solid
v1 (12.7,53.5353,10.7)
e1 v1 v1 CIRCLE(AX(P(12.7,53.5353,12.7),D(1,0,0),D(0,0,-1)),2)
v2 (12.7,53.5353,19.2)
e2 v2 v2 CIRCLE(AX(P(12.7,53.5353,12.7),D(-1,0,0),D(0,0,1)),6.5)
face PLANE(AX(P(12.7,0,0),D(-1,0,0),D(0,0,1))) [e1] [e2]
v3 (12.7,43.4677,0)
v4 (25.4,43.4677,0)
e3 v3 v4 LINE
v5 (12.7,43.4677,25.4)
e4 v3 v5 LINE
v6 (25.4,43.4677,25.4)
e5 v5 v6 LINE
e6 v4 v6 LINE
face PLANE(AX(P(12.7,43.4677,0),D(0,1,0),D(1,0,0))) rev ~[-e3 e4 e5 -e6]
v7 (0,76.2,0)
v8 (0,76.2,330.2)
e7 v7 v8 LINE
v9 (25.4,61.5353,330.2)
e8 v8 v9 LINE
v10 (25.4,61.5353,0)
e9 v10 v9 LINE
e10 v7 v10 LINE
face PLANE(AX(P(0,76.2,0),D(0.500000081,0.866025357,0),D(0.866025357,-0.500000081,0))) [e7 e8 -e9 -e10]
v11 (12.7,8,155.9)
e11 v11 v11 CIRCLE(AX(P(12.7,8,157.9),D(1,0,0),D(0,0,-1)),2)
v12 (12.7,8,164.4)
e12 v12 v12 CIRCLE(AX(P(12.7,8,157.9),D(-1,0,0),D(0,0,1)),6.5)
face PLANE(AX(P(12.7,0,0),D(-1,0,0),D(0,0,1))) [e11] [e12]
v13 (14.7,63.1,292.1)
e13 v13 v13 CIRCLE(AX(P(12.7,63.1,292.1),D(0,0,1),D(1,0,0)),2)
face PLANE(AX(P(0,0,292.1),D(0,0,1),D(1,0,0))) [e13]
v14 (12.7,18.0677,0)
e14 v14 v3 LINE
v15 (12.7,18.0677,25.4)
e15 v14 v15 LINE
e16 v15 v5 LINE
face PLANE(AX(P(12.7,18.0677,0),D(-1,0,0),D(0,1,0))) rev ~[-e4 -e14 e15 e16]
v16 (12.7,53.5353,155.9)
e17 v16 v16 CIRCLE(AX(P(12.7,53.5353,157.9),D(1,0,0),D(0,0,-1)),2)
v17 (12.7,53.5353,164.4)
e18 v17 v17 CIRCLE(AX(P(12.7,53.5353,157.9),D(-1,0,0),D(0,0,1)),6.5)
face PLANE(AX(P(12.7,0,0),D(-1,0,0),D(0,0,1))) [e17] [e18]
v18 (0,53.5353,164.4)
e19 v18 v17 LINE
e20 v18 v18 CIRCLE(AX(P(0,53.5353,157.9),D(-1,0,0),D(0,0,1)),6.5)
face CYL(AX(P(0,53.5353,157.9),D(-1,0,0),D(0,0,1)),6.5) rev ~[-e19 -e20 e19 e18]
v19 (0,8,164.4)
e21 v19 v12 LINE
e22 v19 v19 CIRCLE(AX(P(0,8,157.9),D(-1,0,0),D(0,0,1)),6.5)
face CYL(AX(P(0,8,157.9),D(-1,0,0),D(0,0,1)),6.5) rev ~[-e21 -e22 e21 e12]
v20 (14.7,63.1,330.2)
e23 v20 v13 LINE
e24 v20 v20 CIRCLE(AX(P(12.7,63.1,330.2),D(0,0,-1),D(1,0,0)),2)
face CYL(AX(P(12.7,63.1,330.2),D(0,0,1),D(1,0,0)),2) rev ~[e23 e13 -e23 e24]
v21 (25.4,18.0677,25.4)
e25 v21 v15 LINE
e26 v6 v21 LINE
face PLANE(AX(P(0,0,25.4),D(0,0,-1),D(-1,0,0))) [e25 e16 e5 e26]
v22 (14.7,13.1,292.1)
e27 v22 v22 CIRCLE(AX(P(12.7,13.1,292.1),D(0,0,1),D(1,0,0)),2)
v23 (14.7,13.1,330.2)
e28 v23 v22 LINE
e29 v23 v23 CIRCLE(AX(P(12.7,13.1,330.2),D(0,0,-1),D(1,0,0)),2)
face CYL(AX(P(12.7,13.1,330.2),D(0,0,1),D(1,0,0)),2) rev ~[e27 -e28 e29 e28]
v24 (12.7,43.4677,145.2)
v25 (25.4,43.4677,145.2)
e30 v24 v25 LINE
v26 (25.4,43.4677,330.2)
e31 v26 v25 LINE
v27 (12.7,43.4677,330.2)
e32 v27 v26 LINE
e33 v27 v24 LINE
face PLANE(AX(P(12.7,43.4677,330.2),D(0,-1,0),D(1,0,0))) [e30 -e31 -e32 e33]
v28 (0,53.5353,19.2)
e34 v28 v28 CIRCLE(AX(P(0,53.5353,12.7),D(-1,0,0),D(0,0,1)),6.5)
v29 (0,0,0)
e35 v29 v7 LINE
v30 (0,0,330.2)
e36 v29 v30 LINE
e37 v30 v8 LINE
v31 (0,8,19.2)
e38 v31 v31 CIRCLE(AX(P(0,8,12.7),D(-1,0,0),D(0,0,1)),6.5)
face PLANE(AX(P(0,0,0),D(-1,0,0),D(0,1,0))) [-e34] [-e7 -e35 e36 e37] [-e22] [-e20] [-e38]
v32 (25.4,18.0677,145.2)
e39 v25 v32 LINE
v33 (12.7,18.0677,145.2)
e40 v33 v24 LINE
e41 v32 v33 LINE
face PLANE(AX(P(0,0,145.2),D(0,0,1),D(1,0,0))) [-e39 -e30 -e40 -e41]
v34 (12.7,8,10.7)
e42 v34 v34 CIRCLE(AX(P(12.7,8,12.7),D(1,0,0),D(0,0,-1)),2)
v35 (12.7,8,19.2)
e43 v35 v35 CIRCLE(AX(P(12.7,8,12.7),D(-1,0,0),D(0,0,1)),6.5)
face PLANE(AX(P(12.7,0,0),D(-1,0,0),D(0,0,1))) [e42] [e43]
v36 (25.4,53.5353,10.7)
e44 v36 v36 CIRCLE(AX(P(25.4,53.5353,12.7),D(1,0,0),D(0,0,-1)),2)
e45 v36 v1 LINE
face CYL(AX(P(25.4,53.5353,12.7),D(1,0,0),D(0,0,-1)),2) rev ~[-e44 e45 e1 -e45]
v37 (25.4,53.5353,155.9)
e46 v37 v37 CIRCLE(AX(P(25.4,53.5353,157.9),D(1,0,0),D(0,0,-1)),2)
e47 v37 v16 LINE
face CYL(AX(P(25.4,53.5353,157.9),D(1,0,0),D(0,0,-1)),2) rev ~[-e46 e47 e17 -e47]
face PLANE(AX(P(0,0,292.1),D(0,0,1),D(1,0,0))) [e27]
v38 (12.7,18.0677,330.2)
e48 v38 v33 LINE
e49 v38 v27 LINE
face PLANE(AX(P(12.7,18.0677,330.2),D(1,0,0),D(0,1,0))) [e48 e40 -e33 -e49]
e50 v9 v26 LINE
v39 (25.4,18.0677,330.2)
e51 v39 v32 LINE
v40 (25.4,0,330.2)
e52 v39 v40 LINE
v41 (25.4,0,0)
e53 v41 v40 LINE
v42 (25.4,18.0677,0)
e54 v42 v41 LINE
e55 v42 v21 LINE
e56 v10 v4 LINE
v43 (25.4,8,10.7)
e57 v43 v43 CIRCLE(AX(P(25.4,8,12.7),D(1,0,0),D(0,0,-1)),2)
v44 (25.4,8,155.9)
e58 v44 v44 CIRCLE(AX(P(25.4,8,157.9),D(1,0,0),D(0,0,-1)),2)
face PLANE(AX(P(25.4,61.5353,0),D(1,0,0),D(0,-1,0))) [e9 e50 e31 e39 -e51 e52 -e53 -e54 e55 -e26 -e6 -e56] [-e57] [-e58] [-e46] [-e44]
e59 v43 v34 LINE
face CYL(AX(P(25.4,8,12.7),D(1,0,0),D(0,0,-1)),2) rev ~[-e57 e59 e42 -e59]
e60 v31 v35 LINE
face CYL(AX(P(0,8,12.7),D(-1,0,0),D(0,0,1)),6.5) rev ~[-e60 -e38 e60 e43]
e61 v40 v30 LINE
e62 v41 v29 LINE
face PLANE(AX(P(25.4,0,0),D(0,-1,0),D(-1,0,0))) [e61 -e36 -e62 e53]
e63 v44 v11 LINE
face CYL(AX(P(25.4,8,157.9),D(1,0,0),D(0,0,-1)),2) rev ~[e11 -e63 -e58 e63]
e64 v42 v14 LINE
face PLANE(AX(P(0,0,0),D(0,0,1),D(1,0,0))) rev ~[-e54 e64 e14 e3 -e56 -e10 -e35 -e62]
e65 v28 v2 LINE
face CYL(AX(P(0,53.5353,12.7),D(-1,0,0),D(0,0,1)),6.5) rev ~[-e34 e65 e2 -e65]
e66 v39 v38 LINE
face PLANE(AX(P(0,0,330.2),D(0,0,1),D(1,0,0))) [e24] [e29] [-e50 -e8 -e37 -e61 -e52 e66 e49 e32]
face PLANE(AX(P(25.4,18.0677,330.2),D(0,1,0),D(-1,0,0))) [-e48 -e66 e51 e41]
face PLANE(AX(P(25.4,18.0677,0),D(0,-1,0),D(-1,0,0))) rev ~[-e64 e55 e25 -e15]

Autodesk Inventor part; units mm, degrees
ref_plane "YZ Plane" through (0, 0, 0) normal (1, 0, 0) x (0, 1, 0)
ref_plane "XZ Plane" through (0, 0, 0) normal (0, 1, 0) x (-1, 0, 0)
ref_plane "XY Plane" through (0, 0, 0) normal (0, 0, 1) x (1, 0, 0)
sketch "Sketch1" plane through (0, 0, 0) normal (0, 0, 1) x (1, 0, 0)
  line L0 (0, 0) -> (0, 76.2)
  line L1 (0, 76.2) -> (25.4, 61.5353)
  line L2 (25.4, 61.5353) -> (25.4, 0)
  line L3 (25.4, 0) -> (0, 0)
  dimension "d0" = 25.4
  dimension "d1" = 76.2
  dimension "d2" = 60
extrude "Extrusion1" add sketch "Sketch1" along normal blind 330.2
sketch "Sketch3" plane through (0, 0, 330.2) normal (0, 0, 1) x (1, 0, 0)
  line L0 (12.7, 43.4677) -> (25.4, 43.4677)
  line L1 (25.4, 43.4677) -> (25.4, 18.0677)
  line L2 (25.4, 18.0677) -> (12.7, 18.0677)
  line L3 (12.7, 18.0677) -> (12.7, 43.4677)
  line L4 (25.4, 0) -> (25.4, 61.5353) projected
  point P0 (0, 0)
  point P1 (25.4, 30.7677)
  dimension "d5" = 12.7
  dimension "d6" = 25.4
extrude "Extrusion2" cut sketch "Sketch3" against normal blind 185
sketch "Sketch4" plane through (0, 0, 0) normal (0, 0, -1) x (-1, 0, 0)
  line L0 (-12.7, 18.0677) -> (-12.7, 43.4677) projected
  line L1 (-12.7, 18.0677) -> (-12.7, 43.4677) projected
  line L2 (-25.4, 18.0677) -> (-12.7, 18.0677) projected
  line L3 (-25.4, 43.4677) -> (-25.4, 18.0677) projected
  line L4 (-12.7, 43.4677) -> (-25.4, 43.4677) projected
  point P0 (0, 0)
extrude "Extrusion3" cut sketch "Sketch4" against normal blind 25.4
sketch "Sketch5" plane through (25.4, 61.5353, 330.2) normal (1, 0, 0) x (0, 0, -1)
  line L0 (172.3, -53.5353) -> (317.5, -53.5353) construction
  line L1 (317.5, -53.5353) -> (317.5, -8) construction
  line L2 (317.5, -8) -> (172.3, -8) construction
  line L3 (172.3, -8) -> (172.3, -53.5353) construction
  line L4 (304.8, -18.0677) -> (304.8, -43.4677) construction
  line L5 (185, -18.0677) -> (185, -43.4677) construction
  line L6 (330.2, -61.5353) -> (0, -61.5353) projected
  circle A0 centre (172.3, -53.5353) radius 2
  circle A1 centre (172.3, -8) radius 2
  circle A2 centre (317.5, -8) radius 2
  circle A3 centre (317.5, -53.5353) radius 2
  point P0 (185, -30.7677)
  point P1 (172.3, -30.7677)
  point P2 (304.8, -30.7677)
  point P3 (317.5, -30.7677)
  dimension "d11" = 12.7
  dimension "d12" = 12.7
  dimension "d13" = 8
  dimension "d14" = 4
  dimension "d15" = 4
  dimension "d16" = 4
  dimension "d17" = 4
extrude "Extrusion4" cut sketch "Sketch5" against normal through all
sketch "Sketch6" plane through (0, 0, 0) normal (-1, 0, 0) x (0, 0, 1)
  circle A0 centre (157.9, 53.5353) radius 2 projected
  circle A1 centre (157.9, 8) radius 2 projected
  circle A2 centre (12.7, 8) radius 2 projected
  circle A3 centre (12.7, 53.5353) radius 2 projected
  circle A4 centre (157.9, 53.5353) radius 2 projected
  circle A5 centre (157.9, 53.5353) radius 6.5
  circle A6 centre (157.9, 8) radius 2 projected
  circle A7 centre (157.9, 8) radius 6.5
  circle A8 centre (12.7, 8) radius 2 projected
  circle A9 centre (12.7, 8) radius 6.5
  circle A10 centre (12.7, 53.5353) radius 2 projected
  circle A11 centre (12.7, 53.5353) radius 6.5
  point P0 (0, 0)
  dimension "d20" = 13
  dimension "d21" = 13
  dimension "d22" = 13
  dimension "d23" = 13
extrude "Extrusion5" cut sketch "Sketch6" against normal blind 12.7 contours A0 | A1 | A2 | A3 | A5 | A7 | A9 | A11
sketch "Sketch7" plane through (0, 0, 330.2) normal (0, 0, 1) x (1, 0, 0)
  circle A0 centre (12.7, 63.1) radius 2
  circle A1 centre (12.7, 13.1) radius 2
  line L0 (12.7, 63.1) -> (12.7, 13.1)
  line L1 (0, 76.2) -> (0, 0) projected
  line L2 (0, 0) -> (25.4, 0) projected
  point P0 (12.7, 38.1)
  point P1 (0, 38.1)
  point P2 (12.7, 0)
  dimension "d26" = 4
  dimension "d27" = 4
  dimension "d28" = 50
extrude "Extrusion6" cut sketch "Sketch7" against normal blind 38.1
properties part number "HB01" material "Polyethylene, High Density"
